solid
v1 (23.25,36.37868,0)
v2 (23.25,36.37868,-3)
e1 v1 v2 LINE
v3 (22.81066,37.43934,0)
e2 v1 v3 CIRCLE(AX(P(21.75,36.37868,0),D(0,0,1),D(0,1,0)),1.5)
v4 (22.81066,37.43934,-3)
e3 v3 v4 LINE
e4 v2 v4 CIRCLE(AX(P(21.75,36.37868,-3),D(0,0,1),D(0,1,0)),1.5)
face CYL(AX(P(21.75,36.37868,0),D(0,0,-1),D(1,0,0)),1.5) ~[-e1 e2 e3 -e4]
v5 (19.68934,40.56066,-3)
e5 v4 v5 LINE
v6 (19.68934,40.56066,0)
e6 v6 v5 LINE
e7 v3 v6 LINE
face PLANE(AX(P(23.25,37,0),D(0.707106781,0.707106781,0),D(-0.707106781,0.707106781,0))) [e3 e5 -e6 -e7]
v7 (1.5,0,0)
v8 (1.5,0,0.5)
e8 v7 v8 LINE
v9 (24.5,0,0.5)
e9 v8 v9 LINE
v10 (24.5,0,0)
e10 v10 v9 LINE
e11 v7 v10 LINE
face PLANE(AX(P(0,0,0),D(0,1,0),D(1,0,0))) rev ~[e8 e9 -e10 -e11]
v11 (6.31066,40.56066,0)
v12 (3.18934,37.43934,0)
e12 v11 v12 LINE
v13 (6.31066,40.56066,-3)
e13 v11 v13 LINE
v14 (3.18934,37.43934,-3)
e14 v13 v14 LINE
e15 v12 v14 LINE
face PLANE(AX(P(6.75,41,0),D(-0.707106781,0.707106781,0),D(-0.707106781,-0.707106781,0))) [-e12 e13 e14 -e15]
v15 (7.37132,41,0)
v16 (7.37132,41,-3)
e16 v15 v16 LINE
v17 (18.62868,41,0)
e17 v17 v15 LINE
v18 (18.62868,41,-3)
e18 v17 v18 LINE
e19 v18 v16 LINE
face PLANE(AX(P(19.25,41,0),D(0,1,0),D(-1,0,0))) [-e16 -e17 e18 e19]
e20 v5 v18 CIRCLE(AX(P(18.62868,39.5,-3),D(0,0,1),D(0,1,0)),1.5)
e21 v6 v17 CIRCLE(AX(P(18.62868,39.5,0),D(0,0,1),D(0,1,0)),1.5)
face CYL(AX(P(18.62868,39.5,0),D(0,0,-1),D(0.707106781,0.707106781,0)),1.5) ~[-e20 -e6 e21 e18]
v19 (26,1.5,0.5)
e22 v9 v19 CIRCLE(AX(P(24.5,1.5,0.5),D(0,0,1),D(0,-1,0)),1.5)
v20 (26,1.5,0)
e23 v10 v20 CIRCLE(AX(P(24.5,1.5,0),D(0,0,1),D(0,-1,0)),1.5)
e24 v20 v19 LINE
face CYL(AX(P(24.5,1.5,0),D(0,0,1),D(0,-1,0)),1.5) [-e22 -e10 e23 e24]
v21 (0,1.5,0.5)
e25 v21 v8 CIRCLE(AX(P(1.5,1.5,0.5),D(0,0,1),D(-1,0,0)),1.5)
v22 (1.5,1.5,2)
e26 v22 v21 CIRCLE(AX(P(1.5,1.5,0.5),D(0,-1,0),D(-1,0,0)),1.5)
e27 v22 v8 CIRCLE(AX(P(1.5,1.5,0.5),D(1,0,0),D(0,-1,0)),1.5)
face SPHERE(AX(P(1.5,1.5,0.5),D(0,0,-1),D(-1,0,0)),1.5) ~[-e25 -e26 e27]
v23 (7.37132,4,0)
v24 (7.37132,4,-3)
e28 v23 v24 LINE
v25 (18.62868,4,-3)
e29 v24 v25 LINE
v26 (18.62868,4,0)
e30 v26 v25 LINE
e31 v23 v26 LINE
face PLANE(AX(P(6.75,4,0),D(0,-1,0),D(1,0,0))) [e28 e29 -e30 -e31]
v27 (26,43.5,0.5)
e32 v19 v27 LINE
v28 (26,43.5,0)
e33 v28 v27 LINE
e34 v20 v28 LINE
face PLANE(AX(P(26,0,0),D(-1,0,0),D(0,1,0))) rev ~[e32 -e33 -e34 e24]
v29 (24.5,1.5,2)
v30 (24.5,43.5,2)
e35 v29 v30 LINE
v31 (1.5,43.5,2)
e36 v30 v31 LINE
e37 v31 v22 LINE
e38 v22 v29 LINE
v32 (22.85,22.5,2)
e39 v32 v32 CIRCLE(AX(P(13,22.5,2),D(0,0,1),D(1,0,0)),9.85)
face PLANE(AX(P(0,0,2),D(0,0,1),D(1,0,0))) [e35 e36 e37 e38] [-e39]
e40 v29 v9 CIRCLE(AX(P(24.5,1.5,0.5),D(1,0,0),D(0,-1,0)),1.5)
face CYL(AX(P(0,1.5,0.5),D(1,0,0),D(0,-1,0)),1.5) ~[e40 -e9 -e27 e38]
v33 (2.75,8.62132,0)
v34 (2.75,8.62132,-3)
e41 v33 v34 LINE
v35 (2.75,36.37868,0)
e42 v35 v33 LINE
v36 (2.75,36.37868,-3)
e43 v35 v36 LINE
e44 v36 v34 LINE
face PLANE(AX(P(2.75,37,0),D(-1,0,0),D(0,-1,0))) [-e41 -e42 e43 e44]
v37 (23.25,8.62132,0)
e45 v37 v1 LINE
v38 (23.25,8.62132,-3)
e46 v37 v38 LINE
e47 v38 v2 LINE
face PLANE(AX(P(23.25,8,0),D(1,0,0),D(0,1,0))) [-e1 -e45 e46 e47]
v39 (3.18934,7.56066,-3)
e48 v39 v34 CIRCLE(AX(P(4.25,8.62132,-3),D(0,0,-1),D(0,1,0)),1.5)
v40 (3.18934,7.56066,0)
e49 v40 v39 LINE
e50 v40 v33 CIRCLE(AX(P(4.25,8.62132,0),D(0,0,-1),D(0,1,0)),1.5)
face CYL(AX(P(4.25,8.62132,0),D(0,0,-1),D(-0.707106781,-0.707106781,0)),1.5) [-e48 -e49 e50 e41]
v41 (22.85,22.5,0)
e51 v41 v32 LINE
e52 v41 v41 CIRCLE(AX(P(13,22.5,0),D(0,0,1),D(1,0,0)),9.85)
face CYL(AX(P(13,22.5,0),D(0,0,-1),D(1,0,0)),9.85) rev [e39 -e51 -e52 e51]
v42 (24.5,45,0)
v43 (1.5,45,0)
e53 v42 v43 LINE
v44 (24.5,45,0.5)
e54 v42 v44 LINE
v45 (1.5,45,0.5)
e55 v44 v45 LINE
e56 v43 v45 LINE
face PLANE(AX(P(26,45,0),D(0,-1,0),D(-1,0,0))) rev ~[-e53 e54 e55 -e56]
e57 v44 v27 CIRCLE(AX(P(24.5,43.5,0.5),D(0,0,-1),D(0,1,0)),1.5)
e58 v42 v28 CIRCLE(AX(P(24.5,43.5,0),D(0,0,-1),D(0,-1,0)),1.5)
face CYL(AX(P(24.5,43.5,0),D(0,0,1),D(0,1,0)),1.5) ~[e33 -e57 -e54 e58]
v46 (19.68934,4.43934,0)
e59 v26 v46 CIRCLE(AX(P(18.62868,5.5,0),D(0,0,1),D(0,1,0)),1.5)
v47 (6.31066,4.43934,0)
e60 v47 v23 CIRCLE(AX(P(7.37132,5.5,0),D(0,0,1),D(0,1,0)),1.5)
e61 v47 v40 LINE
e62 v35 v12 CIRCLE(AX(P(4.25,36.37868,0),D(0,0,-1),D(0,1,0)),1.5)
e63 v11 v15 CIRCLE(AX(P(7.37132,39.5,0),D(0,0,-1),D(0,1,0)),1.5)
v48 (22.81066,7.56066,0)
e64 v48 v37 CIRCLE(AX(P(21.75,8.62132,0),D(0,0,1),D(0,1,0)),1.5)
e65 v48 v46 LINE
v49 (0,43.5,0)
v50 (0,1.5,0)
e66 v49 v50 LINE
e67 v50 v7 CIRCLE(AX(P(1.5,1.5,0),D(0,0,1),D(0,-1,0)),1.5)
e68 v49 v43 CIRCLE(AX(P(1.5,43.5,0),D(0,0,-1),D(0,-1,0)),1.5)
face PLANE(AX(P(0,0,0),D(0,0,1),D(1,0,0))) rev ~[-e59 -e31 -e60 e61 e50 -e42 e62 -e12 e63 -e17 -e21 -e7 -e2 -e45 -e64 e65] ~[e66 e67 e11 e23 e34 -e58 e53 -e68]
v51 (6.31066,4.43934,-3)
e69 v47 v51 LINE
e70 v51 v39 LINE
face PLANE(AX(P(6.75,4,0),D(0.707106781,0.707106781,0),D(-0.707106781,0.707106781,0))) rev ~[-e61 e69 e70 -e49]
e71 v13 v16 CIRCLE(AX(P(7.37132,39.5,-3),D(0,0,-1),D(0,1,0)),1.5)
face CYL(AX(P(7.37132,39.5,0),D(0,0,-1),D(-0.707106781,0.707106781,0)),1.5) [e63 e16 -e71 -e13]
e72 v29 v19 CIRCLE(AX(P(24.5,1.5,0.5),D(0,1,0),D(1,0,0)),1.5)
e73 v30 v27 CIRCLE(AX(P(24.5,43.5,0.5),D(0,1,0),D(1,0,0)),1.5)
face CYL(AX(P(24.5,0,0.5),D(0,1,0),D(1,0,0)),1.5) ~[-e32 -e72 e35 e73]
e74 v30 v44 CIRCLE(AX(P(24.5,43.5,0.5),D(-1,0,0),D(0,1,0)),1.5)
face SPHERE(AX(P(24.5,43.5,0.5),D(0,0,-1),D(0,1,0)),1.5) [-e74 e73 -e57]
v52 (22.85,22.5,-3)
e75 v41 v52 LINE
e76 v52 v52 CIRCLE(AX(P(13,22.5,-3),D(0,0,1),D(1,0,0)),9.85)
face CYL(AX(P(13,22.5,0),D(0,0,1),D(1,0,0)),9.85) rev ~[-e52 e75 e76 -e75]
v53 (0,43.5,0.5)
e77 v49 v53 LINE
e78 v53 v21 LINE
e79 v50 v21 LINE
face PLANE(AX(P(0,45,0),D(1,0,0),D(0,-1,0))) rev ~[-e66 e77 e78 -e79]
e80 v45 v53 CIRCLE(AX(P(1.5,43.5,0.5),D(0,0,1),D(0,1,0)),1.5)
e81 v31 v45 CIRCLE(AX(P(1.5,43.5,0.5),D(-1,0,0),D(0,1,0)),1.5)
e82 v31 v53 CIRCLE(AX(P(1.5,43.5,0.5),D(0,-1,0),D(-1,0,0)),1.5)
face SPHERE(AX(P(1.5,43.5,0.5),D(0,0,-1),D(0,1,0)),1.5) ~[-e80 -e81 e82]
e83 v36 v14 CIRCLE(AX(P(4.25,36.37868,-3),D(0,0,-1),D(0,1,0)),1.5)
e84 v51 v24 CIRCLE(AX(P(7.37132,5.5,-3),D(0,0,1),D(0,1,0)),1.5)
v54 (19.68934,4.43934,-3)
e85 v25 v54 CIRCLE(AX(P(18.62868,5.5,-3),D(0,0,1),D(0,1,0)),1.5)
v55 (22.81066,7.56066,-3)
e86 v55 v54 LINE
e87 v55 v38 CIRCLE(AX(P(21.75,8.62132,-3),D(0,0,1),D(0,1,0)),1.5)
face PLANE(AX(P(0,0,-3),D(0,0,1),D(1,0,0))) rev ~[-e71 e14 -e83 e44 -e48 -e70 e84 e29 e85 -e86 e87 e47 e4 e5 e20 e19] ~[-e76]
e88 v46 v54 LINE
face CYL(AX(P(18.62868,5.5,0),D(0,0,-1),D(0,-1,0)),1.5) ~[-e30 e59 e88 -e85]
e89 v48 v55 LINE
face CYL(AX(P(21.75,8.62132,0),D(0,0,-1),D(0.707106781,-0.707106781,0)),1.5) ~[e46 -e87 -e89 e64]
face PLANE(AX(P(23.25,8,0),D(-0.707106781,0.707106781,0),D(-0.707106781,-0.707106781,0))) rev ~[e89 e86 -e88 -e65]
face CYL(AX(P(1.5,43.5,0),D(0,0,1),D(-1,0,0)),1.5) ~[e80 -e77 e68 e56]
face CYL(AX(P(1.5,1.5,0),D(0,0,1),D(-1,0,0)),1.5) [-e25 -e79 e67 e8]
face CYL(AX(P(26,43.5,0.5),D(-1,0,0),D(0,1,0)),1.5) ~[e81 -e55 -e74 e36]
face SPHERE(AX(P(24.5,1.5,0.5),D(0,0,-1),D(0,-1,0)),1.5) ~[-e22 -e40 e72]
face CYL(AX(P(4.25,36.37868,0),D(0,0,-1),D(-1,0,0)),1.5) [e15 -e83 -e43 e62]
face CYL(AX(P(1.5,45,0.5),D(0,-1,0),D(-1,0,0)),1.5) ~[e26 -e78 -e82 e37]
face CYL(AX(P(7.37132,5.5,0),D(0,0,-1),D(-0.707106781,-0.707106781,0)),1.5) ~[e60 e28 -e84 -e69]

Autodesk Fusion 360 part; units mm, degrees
sketch "Sketch1" plane through (0, 0, 0) normal (0, 0, 1) x (1, 0, 0)
  line L0 (0, 0) -> (26, 0)
  line L1 (26, 0) -> (26, 45)
  line L2 (26, 45) -> (0, 45)
  line L3 (0, 45) -> (0, 0)
  line L4 (0, 45) -> (26, 0) construction
  circle A0 centre (13, 22.5) radius 9.85
  line L5 (6.75, 4) -> (19.25, 4)
  line L6 (23.25, 8) -> (23.25, 37)
  line L7 (19.25, 41) -> (6.75, 41)
  line L8 (2.75, 37) -> (2.75, 8)
  line L9 (6.75, 41) -> (2.75, 37)
  line L10 (23.25, 37) -> (19.25, 41)
  line L11 (6.75, 4) -> (2.75, 8)
  line L12 (23.25, 8) -> (19.25, 4)
  point P0 (2.75, 4)
  point P1 (23.25, 4)
  point P2 (23.25, 41)
  point P3 (2.75, 41)
  dimension "d1" = 19.7
  dimension "d2" = 26
  dimension "d3" = 45
  dimension "d4" = 20.5
  dimension "d5" = 2.75
  dimension "d6" = 4
  dimension "d7" = 37
  dimension "d8" = 4
  dimension "d9" = 4
  dimension "d10" = 4
  dimension "d11" = 4
  dimension "d12" = 4
  dimension "d13" = 4
  dimension "d14" = 4
  dimension "d15" = 4
extrude "Extrude1" add sketch "Sketch1" along normal blind 2 contours L0 L1 L2 L3 | L5 L6 L7 L8 L9 L10 L11 L12
extrude "Extrude2" add sketch "Sketch1" against normal blind 3 contours L5 L6 L7 L8 L9 L10 L11 L12
fillet "Fillet1" radius 1.5 16 edges at (26, 0, 1) (0, 0, 1) (0, 45, 1) (26, 45, 1) (6.75, 41, -1.5) (2.75, 37, -1.5) (19.25, 41, -1.5) (23.25, 37, -1.5) (23.25, 8, -1.5) (19.25, 4, -1.5) (6.75, 4, -1.5) (2.75, 8, -1.5) (13, 45, 2) (0, 22.5, 2) (13, 0, 2) (26, 22.5, 2)
equation "d5 = ( d2 - d4 ) / 2"
equation "d6 = ( d3 - d7 ) / 2"
equation "d9 = d8"
equation "d10 = d8"
equation "d11 = d10"
equation "d12 = d8"
equation "d13 = d12"
equation "d14 = d8"
equation "d15 = d14"
